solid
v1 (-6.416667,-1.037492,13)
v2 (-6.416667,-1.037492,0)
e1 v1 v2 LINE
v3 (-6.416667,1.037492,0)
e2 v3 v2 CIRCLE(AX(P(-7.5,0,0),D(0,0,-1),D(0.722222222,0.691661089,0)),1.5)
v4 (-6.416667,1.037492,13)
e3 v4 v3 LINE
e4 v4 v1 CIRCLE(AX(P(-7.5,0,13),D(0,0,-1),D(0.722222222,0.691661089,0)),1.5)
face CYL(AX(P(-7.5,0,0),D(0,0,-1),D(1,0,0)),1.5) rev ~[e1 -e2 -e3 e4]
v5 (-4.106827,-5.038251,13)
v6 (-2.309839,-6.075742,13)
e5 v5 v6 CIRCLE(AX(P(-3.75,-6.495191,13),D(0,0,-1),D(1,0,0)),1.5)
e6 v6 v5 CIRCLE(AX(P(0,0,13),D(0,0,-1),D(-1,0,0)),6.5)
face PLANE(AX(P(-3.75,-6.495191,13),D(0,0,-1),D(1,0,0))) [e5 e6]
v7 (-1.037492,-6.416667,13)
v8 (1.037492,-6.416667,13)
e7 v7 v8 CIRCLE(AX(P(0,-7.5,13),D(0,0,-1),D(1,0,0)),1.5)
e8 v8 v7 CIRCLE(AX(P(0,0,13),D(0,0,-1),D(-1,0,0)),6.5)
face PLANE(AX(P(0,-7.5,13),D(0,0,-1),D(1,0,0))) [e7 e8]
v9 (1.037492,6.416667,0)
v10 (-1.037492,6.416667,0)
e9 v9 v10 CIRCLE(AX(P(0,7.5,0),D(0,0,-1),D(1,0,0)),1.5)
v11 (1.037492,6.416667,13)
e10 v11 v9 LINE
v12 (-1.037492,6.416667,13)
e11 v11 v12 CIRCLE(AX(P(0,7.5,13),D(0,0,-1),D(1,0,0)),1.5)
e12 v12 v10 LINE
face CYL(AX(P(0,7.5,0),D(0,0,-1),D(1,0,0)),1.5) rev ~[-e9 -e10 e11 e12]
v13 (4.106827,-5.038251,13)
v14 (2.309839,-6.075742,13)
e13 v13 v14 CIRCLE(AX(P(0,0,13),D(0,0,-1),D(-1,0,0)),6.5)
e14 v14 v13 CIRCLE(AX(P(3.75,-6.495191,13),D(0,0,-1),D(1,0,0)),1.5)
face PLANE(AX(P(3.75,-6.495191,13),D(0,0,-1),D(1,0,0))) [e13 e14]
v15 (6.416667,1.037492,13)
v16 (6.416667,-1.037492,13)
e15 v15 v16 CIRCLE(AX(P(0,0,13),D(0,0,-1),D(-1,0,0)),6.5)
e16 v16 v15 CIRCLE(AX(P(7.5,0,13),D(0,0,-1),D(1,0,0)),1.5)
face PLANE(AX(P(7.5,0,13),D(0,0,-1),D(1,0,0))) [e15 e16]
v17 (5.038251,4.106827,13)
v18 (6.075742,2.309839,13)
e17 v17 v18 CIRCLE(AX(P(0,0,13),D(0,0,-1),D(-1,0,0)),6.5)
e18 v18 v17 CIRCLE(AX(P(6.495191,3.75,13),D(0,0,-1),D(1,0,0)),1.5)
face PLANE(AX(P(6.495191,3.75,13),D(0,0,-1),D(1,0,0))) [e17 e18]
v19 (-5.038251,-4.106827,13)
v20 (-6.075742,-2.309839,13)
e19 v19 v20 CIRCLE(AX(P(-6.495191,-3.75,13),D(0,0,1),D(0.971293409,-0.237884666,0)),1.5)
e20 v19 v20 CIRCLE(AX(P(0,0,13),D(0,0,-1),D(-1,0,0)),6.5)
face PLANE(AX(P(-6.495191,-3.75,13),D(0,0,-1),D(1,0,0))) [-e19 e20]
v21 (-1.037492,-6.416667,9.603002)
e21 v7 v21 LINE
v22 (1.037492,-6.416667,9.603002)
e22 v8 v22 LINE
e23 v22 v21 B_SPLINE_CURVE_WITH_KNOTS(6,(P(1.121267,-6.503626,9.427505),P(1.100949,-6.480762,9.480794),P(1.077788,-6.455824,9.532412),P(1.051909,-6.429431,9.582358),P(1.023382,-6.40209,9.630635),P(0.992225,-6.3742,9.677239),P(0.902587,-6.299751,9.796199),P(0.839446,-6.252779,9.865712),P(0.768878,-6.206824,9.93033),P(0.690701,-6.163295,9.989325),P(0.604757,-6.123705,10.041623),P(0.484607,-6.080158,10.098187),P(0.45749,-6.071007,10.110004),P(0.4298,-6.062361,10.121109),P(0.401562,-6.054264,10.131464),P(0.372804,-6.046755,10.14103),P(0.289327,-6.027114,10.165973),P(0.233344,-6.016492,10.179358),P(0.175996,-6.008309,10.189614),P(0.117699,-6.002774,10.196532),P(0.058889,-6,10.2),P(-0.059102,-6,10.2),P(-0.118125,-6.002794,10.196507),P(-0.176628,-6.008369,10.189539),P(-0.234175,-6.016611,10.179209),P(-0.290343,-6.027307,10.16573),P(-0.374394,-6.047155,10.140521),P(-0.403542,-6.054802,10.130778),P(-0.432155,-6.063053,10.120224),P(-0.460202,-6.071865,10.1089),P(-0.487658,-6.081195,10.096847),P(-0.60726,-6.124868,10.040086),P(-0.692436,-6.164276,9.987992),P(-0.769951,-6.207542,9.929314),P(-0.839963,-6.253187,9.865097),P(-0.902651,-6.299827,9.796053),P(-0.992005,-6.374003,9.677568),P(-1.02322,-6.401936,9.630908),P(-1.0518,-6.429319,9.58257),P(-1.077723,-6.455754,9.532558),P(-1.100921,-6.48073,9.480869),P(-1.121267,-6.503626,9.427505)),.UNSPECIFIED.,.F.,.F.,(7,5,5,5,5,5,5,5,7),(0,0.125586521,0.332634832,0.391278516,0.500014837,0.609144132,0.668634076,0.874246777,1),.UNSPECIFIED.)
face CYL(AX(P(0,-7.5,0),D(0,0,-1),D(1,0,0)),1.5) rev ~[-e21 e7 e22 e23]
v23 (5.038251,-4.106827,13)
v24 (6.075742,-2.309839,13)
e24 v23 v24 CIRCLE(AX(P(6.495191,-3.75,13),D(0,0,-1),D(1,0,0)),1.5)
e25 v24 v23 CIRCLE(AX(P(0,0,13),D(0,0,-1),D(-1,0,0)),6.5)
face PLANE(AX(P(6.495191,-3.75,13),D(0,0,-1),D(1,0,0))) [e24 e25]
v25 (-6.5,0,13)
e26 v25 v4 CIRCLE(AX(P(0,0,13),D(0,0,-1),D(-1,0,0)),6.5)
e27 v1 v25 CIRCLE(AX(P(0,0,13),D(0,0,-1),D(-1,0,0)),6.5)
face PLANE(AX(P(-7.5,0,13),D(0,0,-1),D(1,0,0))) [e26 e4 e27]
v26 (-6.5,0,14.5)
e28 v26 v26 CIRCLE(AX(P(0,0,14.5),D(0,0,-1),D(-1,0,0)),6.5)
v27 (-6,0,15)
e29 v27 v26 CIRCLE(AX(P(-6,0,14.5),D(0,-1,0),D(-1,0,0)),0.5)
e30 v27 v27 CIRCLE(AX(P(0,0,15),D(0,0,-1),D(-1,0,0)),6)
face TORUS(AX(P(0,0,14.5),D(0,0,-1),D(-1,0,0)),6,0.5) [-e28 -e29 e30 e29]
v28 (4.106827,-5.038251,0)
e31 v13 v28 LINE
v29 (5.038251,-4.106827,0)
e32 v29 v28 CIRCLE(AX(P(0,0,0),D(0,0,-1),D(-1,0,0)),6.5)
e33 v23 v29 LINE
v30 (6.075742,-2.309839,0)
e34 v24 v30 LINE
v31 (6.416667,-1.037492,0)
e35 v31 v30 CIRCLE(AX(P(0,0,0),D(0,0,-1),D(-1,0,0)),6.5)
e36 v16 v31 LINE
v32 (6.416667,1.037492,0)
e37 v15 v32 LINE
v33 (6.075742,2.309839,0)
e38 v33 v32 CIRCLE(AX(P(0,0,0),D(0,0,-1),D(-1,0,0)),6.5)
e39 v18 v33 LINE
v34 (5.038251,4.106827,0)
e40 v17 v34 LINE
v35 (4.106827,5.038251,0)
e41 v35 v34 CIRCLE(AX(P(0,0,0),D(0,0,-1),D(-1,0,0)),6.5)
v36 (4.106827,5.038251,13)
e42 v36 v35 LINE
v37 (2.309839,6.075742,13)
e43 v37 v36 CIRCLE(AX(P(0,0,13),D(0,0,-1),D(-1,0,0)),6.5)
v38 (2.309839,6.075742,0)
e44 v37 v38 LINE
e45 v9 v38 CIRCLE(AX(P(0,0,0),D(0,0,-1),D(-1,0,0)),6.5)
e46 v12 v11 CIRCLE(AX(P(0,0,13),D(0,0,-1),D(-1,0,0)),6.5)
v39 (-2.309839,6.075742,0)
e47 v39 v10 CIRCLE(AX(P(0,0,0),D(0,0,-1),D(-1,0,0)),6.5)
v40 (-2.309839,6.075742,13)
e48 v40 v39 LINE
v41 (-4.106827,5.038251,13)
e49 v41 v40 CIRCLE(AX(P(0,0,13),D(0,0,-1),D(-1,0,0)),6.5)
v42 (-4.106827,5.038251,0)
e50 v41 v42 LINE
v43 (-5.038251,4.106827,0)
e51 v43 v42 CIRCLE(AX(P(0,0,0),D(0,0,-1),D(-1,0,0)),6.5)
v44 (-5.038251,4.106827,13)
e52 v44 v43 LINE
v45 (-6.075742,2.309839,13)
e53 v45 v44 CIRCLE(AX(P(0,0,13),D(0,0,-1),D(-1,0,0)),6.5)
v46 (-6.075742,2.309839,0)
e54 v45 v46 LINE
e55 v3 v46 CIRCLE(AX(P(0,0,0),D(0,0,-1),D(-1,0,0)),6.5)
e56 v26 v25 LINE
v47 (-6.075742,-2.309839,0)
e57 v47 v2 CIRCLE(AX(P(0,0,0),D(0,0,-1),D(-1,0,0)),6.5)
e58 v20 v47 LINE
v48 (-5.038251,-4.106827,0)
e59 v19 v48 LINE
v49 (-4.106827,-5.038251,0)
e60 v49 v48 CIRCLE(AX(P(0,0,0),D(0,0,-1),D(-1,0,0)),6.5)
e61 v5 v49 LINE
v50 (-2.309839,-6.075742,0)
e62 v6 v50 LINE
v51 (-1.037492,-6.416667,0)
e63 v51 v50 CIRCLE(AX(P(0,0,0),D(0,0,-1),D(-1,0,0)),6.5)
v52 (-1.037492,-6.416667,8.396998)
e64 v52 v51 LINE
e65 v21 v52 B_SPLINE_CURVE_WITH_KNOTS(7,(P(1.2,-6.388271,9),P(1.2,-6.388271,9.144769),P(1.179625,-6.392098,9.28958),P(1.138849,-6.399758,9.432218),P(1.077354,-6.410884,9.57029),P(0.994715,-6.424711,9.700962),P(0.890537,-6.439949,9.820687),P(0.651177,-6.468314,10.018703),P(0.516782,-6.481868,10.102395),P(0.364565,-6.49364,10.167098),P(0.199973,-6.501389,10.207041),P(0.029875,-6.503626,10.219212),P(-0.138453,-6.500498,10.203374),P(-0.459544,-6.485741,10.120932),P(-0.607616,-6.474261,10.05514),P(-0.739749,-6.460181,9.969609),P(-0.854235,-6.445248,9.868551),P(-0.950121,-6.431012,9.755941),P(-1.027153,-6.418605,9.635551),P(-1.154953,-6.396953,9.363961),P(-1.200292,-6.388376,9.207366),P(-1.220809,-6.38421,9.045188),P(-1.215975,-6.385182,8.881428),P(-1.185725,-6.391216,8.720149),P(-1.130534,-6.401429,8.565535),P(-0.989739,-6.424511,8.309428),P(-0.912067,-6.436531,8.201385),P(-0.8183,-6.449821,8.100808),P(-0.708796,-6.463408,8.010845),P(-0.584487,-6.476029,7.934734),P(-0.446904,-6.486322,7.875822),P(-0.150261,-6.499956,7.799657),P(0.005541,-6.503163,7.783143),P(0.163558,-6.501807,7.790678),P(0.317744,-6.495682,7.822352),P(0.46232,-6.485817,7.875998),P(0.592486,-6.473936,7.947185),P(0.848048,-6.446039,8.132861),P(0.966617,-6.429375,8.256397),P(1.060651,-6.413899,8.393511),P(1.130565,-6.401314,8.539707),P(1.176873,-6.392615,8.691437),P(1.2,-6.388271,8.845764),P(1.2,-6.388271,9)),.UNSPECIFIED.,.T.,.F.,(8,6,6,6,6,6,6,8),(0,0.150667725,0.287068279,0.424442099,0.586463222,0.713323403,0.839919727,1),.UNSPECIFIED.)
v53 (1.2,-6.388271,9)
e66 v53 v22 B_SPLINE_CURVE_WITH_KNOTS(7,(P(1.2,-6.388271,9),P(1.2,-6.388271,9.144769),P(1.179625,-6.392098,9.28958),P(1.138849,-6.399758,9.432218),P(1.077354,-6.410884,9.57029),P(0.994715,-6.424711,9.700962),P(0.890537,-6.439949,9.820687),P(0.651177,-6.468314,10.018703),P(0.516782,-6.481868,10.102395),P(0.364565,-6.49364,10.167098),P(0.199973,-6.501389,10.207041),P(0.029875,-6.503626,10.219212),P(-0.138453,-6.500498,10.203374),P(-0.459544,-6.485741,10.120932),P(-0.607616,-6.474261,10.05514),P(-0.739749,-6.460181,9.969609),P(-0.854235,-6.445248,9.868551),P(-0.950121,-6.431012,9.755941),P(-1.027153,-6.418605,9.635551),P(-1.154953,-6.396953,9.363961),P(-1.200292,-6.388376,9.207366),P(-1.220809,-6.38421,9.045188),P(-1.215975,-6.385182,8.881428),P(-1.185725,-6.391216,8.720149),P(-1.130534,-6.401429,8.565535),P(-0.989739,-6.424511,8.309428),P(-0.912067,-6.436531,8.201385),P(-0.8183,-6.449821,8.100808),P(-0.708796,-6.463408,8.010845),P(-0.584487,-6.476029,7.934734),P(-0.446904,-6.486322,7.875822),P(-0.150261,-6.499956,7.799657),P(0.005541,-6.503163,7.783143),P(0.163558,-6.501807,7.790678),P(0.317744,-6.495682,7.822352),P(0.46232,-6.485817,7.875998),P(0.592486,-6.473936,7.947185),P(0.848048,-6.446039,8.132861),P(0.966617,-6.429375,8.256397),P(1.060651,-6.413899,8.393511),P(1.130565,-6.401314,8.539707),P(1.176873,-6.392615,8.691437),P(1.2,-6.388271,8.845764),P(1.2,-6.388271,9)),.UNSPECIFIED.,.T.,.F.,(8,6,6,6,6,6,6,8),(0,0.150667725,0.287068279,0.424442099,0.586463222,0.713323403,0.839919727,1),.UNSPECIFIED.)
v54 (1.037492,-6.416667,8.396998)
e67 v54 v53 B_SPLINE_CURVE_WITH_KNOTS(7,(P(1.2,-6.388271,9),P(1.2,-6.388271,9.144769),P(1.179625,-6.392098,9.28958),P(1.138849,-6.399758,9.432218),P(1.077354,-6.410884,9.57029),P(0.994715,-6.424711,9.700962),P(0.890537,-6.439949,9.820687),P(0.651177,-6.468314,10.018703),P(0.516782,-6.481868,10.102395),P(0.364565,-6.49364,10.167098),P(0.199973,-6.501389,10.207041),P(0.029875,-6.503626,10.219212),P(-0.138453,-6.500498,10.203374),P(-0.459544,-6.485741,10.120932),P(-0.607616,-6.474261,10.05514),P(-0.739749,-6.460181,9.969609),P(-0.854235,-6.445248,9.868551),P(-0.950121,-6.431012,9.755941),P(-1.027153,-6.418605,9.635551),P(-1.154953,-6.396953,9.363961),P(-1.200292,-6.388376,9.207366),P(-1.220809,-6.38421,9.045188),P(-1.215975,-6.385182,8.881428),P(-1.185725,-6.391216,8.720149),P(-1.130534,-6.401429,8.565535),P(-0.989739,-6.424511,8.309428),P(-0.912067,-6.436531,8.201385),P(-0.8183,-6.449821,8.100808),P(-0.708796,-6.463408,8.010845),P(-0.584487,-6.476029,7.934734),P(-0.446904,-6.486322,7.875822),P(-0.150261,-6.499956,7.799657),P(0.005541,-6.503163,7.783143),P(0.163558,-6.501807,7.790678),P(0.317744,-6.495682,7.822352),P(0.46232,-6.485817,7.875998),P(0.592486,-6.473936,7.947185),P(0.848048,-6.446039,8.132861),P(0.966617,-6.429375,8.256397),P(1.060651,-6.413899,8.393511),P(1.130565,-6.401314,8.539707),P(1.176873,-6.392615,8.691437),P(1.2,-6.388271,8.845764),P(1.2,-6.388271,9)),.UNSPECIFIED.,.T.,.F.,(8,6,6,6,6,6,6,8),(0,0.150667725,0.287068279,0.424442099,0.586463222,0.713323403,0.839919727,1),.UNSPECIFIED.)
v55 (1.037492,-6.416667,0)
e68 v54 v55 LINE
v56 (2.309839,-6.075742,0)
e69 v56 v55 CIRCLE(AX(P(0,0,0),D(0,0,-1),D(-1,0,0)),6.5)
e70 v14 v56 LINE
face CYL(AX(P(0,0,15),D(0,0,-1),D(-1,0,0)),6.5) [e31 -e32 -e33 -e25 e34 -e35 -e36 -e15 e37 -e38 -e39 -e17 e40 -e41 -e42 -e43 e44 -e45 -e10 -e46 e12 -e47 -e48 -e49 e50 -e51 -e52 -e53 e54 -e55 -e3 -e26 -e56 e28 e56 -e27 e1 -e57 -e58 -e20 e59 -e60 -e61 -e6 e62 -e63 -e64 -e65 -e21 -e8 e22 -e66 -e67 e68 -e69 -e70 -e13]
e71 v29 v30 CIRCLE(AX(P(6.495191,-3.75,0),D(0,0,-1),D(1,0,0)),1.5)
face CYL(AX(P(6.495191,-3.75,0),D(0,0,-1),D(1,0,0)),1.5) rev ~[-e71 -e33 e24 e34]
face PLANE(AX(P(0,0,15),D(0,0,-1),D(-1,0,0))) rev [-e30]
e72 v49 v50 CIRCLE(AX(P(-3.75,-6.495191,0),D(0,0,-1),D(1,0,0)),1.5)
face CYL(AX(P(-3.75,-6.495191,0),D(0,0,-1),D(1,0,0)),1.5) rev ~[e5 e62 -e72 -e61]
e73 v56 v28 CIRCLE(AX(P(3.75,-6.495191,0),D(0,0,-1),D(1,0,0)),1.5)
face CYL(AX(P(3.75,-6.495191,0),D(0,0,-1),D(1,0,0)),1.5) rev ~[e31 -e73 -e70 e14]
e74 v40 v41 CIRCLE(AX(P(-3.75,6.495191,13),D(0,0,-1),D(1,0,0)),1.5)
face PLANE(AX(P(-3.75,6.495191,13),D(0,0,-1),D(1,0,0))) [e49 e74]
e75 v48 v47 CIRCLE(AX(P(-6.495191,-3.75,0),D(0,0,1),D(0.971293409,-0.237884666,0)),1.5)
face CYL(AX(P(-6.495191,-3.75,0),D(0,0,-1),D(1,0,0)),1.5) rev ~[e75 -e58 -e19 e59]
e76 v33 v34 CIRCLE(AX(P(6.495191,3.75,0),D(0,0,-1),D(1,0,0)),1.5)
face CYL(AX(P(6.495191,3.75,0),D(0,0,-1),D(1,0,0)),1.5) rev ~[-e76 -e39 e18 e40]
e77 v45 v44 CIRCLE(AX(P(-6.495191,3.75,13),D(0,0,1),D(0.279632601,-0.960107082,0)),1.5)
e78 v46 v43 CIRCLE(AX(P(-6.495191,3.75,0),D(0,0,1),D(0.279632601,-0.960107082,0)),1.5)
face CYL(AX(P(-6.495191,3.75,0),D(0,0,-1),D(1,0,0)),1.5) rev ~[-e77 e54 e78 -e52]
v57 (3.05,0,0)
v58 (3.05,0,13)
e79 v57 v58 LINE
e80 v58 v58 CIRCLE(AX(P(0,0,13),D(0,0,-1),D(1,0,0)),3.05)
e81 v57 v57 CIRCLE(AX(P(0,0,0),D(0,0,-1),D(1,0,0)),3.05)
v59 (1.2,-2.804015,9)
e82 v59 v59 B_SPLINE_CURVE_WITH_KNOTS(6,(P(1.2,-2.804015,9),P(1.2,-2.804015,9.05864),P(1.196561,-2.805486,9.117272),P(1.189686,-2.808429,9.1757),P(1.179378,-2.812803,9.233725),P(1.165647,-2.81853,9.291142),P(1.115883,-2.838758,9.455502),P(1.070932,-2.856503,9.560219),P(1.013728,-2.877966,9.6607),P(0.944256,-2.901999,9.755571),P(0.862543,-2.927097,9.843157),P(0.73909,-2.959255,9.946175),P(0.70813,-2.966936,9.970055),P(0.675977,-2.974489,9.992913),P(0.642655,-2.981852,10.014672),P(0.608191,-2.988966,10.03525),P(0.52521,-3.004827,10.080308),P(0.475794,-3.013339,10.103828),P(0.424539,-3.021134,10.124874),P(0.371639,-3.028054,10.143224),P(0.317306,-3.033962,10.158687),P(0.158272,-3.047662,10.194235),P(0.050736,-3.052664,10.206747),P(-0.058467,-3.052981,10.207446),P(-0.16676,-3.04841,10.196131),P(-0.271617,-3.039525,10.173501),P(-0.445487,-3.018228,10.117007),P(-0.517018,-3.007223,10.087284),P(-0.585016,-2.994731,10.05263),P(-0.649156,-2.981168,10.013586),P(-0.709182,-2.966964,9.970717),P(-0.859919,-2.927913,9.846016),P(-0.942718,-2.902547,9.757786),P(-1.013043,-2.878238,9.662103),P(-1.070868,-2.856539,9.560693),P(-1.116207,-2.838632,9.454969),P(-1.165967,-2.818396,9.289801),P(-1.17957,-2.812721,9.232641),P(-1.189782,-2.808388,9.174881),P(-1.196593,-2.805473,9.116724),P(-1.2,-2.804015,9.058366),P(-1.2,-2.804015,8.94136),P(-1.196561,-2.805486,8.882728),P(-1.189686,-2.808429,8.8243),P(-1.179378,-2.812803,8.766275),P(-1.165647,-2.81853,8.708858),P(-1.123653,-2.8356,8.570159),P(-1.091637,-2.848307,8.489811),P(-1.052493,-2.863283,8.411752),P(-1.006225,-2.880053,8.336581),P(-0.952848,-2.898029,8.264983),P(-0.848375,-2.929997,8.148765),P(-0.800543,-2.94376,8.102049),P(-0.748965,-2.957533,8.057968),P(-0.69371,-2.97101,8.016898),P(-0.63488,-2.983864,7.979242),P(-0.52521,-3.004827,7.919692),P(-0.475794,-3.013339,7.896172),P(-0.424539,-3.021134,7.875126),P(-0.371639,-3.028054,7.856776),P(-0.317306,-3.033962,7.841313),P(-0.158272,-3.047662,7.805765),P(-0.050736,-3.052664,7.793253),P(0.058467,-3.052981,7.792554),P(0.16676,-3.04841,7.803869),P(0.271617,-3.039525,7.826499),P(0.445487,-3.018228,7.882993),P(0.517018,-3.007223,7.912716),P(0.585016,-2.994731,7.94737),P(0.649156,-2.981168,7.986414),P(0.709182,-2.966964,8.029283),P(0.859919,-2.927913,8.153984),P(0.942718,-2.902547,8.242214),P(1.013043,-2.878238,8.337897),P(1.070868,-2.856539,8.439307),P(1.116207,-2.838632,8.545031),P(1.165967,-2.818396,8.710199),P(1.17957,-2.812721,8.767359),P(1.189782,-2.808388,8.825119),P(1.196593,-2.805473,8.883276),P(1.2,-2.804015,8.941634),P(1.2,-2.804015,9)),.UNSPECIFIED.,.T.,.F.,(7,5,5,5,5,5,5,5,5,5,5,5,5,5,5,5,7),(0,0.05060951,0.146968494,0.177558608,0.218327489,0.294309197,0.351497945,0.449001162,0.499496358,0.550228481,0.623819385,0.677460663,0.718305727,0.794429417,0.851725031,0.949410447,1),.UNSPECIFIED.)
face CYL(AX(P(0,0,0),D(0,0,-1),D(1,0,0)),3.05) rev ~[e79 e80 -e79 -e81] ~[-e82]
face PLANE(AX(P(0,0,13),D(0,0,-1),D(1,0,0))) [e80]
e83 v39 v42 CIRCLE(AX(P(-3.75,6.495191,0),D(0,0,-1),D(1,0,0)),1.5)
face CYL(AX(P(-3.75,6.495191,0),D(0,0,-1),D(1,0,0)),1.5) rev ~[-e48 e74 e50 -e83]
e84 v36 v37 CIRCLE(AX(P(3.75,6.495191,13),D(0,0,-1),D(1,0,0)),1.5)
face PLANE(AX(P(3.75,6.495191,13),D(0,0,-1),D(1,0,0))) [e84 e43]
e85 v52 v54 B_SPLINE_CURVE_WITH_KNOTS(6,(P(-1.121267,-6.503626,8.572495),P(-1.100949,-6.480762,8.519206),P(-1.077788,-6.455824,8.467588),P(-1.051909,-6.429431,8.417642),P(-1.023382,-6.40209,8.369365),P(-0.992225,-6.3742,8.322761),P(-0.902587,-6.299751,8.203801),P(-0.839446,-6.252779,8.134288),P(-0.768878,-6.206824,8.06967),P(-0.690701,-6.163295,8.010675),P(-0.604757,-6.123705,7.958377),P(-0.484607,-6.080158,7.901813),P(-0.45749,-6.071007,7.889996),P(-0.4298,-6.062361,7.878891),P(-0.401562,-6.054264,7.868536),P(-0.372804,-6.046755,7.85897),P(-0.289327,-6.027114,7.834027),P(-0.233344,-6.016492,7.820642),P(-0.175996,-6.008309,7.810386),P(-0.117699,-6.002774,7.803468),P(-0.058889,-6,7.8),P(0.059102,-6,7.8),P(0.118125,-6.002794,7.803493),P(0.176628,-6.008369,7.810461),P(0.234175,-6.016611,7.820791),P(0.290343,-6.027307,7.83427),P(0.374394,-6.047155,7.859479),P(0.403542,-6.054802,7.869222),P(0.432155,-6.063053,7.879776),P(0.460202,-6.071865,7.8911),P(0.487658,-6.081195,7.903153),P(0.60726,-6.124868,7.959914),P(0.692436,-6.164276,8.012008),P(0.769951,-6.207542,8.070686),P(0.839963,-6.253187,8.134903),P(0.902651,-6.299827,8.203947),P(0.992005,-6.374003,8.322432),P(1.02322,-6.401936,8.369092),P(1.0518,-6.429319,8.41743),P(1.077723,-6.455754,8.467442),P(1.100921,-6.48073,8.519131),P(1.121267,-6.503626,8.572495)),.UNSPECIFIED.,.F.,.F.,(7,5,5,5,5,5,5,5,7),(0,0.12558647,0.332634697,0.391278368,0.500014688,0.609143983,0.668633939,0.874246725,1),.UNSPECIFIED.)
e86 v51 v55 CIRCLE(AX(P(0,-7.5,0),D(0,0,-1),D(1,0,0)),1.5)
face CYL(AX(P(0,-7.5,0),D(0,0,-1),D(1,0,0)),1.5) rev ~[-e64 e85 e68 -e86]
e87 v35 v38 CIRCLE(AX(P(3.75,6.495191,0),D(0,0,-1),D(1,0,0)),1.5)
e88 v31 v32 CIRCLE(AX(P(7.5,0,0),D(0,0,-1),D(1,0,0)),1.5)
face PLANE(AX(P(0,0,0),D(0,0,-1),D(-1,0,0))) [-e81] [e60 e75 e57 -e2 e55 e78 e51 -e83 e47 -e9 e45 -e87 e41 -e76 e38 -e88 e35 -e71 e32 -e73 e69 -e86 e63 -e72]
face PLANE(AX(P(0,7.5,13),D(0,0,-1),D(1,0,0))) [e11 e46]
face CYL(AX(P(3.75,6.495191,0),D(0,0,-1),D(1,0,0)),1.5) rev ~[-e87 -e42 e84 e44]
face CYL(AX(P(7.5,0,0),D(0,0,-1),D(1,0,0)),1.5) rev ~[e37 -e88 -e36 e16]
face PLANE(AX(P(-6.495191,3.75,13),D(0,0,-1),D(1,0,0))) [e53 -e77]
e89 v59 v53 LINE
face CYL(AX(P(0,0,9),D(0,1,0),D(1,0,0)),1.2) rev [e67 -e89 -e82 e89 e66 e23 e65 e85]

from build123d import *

# Parameters (mm, degrees)
F2_R     = 3.05
F3_DEPTH = 13
F4_R     = 0.5
F5_R     = 1.2
F6_DEPTH = 7
F7_R     = 1.5
F8_DEPTH = 13


with BuildPart() as f1:
    # F0 (on Front) → F1 (revolve)
    with BuildSketch(Plane.XZ):
        Polygon((-5, 0), (0, 0), (0, 15), (-6.5, 15), (-6.5, 0), align=None)
    revolve(axis=Axis((0, 0, -3.667768), (0, 0, -1)))

    # F2 (on face) → F3 (cut)
    with BuildSketch(Plane(origin=(0, 0, 0), x_dir=(1, 0, 0), z_dir=(0, 0, -1))):
        Circle(F2_R)
    extrude(amount=-F3_DEPTH, mode=Mode.SUBTRACT)

    # F4
    f4_edges = [f1.edges().sort_by_distance(p)[0] for p in [
        (6.5, 0, 15),
    ]]
    fillet(f4_edges, radius=F4_R)

    # F5 (on Front) → F6 (cut)
    with BuildSketch(Plane.XZ):
        with Locations((0, 9)):
            Circle(F5_R)
    extrude(amount=F6_DEPTH, mode=Mode.SUBTRACT)

    # F7 (on face) → F8 (cut)
    with BuildSketch(Plane(origin=(0, 0, 0), x_dir=(1, 0, 0), z_dir=(0, 0, -1))):
        with Locations((-7.5, 0)):
            Circle(F7_R)
        with Locations((-6.495191, -3.75)):
            Circle(F7_R)
        with Locations((-3.75, -6.495191)):
            Circle(F7_R)
        with Locations((0, -7.5)):
            Circle(F7_R)
        with Locations((3.75, -6.495191)):
            Circle(F7_R)
        with Locations((6.495191, -3.75)):
            Circle(F7_R)
        with Locations((7.5, 0)):
            Circle(F7_R)
        with Locations((6.495191, 3.75)):
            Circle(F7_R)
        with Locations((3.75, 6.495191)):
            Circle(F7_R)
        with Locations((0, 7.5)):
            Circle(F7_R)
        with Locations((-3.75, 6.495191)):
            Circle(F7_R)
        with Locations((-6.495191, 3.75)):
            Circle(F7_R)
    extrude(amount=-F8_DEPTH, mode=Mode.SUBTRACT)


solid = f1.part
